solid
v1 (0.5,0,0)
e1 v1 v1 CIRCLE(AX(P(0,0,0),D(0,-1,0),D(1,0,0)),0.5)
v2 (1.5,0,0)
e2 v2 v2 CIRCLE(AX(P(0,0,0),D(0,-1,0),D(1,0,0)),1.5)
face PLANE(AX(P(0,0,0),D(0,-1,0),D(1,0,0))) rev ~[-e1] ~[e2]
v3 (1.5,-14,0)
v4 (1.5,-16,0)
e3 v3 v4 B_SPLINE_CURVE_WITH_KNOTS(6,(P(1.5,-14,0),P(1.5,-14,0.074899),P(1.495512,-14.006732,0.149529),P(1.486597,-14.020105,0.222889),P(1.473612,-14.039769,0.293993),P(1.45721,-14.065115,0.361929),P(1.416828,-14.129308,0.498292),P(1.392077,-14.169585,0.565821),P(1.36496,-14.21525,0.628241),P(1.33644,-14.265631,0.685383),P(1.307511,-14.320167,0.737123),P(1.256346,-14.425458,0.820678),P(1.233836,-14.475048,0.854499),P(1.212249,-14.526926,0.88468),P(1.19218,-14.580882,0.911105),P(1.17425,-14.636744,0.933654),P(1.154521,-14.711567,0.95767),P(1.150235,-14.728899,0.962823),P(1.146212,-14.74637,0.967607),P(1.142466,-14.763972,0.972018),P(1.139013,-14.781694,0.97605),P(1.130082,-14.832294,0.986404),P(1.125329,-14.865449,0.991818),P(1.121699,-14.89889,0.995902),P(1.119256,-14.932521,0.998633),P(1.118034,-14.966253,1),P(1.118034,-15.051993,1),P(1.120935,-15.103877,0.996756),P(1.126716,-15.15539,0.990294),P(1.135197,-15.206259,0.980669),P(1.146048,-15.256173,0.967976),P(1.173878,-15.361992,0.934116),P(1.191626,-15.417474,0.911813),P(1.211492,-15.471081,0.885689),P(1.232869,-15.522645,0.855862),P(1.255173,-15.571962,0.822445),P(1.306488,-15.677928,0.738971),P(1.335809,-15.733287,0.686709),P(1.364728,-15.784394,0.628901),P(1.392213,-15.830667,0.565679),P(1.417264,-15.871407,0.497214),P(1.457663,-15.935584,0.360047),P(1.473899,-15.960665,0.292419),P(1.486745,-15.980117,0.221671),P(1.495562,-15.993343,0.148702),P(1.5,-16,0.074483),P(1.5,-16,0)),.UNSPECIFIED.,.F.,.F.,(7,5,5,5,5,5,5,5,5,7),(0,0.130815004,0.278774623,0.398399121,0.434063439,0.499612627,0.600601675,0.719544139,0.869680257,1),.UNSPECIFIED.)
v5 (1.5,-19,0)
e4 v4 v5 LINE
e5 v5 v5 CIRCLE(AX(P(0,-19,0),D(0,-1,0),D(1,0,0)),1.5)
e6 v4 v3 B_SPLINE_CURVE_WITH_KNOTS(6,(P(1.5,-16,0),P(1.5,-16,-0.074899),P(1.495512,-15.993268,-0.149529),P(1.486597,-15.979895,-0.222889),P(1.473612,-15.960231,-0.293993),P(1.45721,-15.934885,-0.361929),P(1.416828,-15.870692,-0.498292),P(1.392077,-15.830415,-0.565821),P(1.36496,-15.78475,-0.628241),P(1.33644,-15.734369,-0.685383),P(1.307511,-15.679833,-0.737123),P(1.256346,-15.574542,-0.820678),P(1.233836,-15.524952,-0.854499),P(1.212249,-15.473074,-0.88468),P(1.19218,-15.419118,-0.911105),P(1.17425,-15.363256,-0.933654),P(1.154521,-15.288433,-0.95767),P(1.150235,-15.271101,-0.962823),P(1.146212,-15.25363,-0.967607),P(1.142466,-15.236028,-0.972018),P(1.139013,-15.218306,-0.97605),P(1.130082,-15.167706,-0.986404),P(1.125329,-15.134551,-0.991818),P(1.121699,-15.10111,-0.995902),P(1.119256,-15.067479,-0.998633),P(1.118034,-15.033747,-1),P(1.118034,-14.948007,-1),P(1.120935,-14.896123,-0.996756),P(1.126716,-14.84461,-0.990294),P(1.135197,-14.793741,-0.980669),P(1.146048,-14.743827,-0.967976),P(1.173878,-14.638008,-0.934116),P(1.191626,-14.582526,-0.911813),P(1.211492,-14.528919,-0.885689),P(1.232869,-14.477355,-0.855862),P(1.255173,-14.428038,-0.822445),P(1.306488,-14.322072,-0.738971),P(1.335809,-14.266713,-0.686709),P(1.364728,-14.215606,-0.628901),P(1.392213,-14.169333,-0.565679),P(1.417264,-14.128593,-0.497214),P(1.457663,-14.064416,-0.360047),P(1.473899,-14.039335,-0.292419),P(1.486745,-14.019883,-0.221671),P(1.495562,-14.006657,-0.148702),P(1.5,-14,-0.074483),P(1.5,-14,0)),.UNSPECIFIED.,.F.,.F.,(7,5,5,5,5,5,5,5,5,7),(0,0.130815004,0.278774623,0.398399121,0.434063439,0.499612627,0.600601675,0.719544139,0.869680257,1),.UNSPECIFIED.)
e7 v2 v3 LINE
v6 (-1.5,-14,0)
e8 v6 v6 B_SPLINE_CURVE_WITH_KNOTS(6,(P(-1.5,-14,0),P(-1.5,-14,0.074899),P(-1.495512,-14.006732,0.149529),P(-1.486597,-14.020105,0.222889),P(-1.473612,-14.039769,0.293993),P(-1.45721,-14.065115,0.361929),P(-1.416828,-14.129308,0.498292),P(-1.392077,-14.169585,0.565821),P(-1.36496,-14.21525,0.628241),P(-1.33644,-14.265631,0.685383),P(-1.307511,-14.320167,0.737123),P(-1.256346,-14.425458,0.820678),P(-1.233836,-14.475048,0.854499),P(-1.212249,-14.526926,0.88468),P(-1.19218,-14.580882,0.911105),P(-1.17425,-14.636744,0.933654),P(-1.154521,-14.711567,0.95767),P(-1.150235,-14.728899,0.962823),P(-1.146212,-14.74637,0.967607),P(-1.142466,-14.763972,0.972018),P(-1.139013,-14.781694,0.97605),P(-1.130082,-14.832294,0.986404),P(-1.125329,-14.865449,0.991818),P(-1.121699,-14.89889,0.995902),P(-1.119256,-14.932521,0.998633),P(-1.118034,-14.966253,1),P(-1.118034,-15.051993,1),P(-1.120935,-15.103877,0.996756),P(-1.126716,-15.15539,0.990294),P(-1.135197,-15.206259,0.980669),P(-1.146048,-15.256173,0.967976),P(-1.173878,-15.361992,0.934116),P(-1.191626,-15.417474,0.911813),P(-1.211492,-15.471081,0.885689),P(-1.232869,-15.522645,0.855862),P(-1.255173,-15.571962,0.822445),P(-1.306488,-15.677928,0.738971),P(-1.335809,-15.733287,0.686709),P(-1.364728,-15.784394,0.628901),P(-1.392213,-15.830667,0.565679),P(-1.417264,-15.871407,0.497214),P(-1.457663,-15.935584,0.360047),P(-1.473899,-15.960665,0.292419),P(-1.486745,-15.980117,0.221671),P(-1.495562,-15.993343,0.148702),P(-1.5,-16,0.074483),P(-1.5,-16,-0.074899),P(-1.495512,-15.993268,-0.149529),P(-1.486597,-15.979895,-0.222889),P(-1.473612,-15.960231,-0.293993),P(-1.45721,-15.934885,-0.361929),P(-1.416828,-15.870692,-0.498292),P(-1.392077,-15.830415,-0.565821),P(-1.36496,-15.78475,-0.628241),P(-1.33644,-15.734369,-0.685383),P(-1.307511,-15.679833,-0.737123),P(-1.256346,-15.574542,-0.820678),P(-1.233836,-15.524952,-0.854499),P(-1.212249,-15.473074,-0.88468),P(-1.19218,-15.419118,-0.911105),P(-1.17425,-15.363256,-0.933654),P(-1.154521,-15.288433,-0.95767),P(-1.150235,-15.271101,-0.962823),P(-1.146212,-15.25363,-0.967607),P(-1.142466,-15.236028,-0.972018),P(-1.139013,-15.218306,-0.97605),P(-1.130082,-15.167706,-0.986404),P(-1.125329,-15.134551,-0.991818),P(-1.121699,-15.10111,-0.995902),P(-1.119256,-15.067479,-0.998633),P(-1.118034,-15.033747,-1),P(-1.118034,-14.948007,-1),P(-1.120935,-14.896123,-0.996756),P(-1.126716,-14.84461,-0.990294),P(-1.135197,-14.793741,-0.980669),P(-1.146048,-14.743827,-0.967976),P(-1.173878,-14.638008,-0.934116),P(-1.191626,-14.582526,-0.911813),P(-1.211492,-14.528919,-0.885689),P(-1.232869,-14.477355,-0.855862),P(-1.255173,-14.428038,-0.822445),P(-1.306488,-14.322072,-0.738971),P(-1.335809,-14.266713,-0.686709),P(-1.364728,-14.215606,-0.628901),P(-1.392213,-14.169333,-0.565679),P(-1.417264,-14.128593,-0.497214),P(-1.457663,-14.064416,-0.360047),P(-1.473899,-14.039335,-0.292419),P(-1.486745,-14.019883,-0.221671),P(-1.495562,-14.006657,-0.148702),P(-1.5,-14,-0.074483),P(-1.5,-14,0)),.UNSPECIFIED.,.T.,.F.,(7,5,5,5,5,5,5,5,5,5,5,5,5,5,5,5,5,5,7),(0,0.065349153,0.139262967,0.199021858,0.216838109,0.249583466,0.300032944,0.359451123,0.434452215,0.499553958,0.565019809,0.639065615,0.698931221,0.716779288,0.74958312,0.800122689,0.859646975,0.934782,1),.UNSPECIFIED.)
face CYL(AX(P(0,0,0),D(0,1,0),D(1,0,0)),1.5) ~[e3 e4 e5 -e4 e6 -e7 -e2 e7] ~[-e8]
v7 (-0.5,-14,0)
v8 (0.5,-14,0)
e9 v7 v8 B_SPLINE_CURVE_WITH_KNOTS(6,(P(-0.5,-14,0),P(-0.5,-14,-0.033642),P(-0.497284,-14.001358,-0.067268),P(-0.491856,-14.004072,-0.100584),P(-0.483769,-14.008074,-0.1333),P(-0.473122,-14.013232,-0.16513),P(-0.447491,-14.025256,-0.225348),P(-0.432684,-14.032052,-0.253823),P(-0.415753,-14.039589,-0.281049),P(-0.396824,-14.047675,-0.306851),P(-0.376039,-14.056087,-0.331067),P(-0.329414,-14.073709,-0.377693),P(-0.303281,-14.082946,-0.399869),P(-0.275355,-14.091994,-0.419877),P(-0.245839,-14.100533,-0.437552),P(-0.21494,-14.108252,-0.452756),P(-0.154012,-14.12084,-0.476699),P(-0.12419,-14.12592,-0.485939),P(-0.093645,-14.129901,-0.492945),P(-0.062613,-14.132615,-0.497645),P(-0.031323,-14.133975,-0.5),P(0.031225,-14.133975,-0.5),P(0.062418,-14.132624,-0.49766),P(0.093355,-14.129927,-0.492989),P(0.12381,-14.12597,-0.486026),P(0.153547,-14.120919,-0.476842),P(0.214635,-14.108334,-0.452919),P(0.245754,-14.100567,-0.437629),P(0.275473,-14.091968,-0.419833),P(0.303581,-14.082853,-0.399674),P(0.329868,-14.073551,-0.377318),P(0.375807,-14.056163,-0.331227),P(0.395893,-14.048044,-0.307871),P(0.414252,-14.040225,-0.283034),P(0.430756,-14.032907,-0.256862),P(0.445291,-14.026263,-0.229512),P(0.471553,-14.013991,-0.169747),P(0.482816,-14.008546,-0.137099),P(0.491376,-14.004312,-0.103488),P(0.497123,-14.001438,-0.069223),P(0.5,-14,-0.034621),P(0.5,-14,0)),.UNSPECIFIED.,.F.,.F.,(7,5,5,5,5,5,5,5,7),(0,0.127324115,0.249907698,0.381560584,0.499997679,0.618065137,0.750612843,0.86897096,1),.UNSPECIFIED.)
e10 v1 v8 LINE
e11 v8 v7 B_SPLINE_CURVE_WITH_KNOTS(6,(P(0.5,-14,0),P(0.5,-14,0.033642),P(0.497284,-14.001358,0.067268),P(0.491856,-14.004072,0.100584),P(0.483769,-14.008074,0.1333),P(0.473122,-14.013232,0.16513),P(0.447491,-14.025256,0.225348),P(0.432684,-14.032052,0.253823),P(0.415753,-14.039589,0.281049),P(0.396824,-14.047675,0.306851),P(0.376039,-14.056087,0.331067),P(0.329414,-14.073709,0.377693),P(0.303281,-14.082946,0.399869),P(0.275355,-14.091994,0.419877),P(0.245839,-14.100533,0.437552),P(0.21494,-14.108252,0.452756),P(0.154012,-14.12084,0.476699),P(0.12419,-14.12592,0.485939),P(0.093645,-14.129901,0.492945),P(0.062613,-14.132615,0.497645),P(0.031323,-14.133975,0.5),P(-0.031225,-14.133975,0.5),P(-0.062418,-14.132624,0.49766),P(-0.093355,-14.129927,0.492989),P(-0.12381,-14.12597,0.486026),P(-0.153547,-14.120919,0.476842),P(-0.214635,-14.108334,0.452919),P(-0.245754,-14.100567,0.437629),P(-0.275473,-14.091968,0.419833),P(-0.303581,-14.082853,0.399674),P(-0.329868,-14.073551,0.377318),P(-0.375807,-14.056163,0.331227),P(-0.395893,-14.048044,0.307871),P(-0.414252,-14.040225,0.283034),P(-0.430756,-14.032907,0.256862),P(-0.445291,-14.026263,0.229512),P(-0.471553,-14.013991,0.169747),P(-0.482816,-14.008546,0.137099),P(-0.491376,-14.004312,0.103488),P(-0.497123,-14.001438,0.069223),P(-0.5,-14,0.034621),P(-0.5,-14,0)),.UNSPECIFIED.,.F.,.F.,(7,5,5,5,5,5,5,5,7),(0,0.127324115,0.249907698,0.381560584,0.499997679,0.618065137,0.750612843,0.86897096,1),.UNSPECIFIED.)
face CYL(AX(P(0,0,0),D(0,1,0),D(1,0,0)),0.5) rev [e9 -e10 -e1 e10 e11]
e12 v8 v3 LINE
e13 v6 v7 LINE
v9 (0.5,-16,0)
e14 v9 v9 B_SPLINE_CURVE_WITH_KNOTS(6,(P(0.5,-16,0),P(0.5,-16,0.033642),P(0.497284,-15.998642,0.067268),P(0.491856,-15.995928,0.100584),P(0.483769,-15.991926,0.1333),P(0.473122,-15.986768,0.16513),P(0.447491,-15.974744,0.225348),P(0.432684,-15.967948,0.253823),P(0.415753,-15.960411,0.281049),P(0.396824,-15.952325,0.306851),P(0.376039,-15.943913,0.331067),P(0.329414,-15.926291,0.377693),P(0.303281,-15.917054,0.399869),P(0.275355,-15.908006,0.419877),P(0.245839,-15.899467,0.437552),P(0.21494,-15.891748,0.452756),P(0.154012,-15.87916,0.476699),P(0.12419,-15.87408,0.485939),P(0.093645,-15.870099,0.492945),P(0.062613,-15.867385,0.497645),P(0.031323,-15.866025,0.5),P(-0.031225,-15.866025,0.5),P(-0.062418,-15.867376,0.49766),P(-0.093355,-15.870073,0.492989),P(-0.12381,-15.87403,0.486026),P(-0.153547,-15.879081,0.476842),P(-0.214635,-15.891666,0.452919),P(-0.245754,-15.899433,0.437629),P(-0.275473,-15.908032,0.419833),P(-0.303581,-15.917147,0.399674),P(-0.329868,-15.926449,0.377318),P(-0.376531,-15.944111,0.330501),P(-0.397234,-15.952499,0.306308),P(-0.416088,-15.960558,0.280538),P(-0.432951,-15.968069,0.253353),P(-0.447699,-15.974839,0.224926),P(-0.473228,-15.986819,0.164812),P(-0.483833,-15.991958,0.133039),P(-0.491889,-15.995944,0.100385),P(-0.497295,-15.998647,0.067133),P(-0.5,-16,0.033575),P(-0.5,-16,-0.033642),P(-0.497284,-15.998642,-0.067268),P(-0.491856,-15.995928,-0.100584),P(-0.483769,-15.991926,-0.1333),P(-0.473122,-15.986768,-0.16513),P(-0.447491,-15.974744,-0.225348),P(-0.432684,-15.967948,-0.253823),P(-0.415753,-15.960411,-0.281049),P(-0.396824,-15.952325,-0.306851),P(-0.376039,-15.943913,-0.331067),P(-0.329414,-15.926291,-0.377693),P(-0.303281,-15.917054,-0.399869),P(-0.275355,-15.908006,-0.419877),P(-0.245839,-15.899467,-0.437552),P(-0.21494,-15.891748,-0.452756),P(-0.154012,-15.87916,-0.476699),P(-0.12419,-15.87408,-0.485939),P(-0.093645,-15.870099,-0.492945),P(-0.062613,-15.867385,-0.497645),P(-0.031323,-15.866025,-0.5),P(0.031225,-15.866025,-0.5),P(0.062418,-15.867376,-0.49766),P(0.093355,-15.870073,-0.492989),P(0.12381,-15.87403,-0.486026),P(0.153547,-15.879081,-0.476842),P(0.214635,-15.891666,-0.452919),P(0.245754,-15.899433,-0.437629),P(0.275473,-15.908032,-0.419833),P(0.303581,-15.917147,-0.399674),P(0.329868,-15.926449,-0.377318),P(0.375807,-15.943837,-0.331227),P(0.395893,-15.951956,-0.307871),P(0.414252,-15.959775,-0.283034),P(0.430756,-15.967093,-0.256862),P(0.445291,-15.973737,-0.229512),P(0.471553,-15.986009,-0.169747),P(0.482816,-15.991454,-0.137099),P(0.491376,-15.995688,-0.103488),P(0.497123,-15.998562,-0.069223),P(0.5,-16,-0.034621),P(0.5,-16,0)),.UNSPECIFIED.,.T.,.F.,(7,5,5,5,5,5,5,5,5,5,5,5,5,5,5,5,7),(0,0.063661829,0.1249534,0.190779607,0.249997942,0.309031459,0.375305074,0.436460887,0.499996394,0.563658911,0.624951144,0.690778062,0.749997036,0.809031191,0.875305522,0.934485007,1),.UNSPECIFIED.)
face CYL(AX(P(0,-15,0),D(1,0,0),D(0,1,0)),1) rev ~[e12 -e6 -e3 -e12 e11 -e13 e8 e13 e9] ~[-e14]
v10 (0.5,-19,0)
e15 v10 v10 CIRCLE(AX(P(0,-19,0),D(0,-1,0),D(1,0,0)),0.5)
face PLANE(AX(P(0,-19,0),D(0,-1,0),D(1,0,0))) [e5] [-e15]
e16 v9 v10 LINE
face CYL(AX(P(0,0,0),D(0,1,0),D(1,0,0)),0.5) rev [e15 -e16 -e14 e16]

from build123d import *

# Parameters (mm, degrees)
F0_R     = 1.5
F0_R_2   = 0.5
F1_DEPTH = 19
F2_R     = 1
F3_DEPTH = 12.5


with BuildPart() as f1:
    # F0 (on Front) → F1 (new body)
    with BuildSketch(Plane.XZ):
        Circle(F0_R)
        Circle(F0_R_2, mode=Mode.SUBTRACT)
    extrude(amount=F1_DEPTH)

    # F2 (on Right) → F3 (cut, symmetric)
    with BuildSketch(Plane.YZ):
        with Locations((-15, 0)):
            Circle(F2_R)
    extrude(amount=F3_DEPTH, both=True, mode=Mode.SUBTRACT)


solid = f1.part
